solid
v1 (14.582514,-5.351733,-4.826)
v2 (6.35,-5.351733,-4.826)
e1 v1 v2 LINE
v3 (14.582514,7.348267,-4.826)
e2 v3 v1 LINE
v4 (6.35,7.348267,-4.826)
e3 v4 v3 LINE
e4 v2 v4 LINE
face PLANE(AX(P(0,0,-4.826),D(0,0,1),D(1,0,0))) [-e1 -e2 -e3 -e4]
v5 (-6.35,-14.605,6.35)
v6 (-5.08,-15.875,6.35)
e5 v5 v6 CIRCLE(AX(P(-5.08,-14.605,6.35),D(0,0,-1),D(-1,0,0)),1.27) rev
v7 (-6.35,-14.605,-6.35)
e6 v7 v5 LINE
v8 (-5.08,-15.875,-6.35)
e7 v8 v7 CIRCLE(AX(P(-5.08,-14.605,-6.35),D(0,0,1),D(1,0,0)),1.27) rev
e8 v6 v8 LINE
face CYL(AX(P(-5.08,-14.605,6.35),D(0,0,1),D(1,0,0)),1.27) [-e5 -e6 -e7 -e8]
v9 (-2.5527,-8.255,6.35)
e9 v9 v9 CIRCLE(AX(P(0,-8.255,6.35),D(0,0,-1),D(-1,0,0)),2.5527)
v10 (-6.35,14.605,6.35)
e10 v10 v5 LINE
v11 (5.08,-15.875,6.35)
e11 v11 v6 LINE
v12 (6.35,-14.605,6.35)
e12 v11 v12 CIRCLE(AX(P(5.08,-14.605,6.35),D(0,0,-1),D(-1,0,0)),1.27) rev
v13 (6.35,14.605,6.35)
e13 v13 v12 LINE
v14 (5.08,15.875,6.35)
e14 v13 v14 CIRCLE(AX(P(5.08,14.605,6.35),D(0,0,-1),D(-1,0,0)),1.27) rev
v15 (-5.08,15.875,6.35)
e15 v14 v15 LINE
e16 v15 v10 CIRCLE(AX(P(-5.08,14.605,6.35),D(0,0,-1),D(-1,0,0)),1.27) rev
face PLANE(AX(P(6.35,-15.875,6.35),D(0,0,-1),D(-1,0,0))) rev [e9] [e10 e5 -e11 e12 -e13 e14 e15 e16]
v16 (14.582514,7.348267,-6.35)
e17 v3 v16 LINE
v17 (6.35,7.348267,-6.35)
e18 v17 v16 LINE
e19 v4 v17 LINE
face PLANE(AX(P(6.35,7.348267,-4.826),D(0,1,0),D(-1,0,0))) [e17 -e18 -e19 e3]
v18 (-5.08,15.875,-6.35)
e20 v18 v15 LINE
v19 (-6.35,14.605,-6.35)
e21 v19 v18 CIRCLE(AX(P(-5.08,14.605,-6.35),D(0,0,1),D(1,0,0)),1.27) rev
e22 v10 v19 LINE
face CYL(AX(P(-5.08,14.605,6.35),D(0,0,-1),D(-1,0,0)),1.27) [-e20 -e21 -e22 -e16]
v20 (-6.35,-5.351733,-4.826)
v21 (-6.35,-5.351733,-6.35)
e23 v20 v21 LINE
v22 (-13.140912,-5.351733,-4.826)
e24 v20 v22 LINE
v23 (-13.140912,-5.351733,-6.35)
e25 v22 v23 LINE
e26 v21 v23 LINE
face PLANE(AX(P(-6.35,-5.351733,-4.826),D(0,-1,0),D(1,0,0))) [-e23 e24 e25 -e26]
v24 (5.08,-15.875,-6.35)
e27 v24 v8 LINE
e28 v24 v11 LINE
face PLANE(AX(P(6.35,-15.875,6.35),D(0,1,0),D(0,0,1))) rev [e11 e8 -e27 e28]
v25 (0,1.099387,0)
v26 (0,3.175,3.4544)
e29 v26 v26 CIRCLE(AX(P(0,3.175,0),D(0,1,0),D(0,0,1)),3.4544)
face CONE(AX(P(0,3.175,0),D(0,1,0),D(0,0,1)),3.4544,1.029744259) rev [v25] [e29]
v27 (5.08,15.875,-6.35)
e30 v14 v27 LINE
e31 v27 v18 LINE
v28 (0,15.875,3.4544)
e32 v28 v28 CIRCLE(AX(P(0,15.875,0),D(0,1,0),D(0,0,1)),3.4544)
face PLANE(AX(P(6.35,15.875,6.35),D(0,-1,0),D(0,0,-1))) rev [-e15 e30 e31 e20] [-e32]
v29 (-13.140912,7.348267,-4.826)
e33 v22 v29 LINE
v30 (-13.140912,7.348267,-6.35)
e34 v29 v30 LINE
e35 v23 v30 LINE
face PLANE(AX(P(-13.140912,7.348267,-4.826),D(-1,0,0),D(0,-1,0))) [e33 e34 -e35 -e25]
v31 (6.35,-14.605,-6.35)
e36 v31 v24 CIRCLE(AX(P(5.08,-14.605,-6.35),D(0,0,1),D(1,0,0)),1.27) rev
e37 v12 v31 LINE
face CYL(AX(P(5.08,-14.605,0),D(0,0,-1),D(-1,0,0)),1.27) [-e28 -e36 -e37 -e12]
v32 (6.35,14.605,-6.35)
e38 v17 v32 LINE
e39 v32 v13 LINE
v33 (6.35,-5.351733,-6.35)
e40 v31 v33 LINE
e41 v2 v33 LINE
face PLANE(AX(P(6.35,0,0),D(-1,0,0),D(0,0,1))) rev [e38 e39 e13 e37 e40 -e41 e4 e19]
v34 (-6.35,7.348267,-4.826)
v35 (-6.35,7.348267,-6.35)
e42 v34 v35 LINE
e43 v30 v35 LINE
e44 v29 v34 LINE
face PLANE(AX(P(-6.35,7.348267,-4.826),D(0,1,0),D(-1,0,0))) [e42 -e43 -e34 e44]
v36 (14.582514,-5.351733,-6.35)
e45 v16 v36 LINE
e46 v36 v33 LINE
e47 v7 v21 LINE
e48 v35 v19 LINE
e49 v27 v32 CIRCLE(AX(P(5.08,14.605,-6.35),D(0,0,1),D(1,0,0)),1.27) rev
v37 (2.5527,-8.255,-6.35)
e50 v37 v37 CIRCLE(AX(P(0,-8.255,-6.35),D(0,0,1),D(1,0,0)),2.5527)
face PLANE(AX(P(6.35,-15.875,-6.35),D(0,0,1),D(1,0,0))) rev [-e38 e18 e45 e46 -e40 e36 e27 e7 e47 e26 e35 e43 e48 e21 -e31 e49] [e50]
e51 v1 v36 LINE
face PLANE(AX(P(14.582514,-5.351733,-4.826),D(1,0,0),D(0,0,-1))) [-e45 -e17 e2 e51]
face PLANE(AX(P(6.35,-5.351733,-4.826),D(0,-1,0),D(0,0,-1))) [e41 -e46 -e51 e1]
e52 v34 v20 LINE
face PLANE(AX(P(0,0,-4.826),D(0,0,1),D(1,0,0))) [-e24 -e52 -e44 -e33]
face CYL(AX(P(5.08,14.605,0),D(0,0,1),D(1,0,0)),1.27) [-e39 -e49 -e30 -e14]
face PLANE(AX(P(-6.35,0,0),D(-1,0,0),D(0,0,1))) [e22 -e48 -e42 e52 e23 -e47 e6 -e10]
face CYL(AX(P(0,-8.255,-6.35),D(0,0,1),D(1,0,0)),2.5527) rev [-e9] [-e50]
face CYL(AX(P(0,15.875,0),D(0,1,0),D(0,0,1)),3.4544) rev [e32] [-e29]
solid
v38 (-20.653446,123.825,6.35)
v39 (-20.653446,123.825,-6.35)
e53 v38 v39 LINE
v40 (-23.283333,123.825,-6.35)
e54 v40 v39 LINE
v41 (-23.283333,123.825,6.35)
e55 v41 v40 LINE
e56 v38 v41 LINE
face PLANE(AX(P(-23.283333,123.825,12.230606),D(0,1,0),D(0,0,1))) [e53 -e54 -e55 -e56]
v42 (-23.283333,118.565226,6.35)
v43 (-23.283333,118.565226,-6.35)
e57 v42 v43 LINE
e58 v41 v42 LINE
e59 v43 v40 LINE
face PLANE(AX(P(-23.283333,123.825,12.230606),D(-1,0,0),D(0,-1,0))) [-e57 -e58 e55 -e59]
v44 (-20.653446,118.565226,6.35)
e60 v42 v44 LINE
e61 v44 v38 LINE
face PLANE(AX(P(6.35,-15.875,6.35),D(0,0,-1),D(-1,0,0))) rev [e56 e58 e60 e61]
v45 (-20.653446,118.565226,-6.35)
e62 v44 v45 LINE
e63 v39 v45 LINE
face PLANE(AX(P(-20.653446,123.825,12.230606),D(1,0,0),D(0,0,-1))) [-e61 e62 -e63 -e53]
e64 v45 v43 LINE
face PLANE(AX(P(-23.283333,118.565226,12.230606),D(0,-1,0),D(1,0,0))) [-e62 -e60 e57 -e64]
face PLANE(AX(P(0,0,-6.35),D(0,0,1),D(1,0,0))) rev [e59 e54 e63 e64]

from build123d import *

# Parameters (mm, degrees)
SKETCH1_W                    = 12.7
SKETCH1_H                    = 31.75
BOSS_EXTRUDE1_DEPTH          = 6.35
F_5_16_24_TAPPED_HOLE1_D     = 6.9088
F_5_16_24_TAPPED_HOLE1_DEPTH = 12.7
F_5_16_24_TAPPED_HOLE1_TIP   = 2.075612922
CUT_EXTRUDE1_DEPTH           = 22.298547486
CUT_EXTRUDE1_DEPTH_BACK      = 22.298547486
SKETCH8_R                    = 2.5527
SKETCH13_W                   = 2.629886975
SKETCH13_H                   = 5.259773951
BOSS_EXTRUDE2_DEPTH          = 12.7
SKETCH14_W                   = 6.790912291
SKETCH14_H                   = 12.7
SKETCH14_W_2                 = 8.232513551
BOSS_EXTRUDE3_DEPTH          = 1.524
FILLET1_R                    = 1.27


with BuildPart() as part:
    # Sketch1 → Boss-Extrude1 (new, symmetric)
    with BuildSketch(Plane(origin=(0, 0, 0), x_dir=(0, 0, -1), z_dir=(1, 0, 0))):
        Rectangle(SKETCH1_W, SKETCH1_H)
    extrude(amount=BOSS_EXTRUDE1_DEPTH, both=True)

    # 5/16-24 Tapped Hole1
    with Locations(Plane(origin=(0, 15.875, 0), x_dir=(1, 0, 0), z_dir=(0, 1, 0))):
        with Locations((0, 0)):
            Hole(F_5_16_24_TAPPED_HOLE1_D / 2, depth=F_5_16_24_TAPPED_HOLE1_DEPTH)
            with Locations((0, 0, -(F_5_16_24_TAPPED_HOLE1_DEPTH + F_5_16_24_TAPPED_HOLE1_TIP / 2))):  # 118° drill point
                Cone(0, F_5_16_24_TAPPED_HOLE1_D / 2, F_5_16_24_TAPPED_HOLE1_TIP, mode=Mode.SUBTRACT)

    # Sketch8 → Cut-Extrude1 (cut, two sides: drawn at the far end of the back side and taken through both)
    with BuildSketch(Plane.XY.offset(6.35).offset(-CUT_EXTRUDE1_DEPTH_BACK)):
        with Locations((0, -8.255)):
            Circle(SKETCH8_R)
    extrude(amount=CUT_EXTRUDE1_DEPTH + CUT_EXTRUDE1_DEPTH_BACK, mode=Mode.SUBTRACT)

    # Sketch14 → Boss-Extrude3 (add)
    with BuildSketch(Plane(origin=(0, 0, -6.35), x_dir=(-1, 0, 0), z_dir=(0, 0, -1))):
        with Locations((9.745456146, 0.998266939)):
            Rectangle(SKETCH14_W, SKETCH14_H)
        with Locations((-10.466256776, 0.998266939)):
            Rectangle(SKETCH14_W_2, SKETCH14_H)
    extrude(amount=-BOSS_EXTRUDE3_DEPTH)

    # Fillet1
    fillet1_edges = [part.edges().sort_by_distance(p)[0] for p in [
        (6.35, -15.875, 0),
        (-6.35, -15.875, 0),
        (-6.35, 15.875, 0),
        (6.35, 15.875, 0),
    ]]
    fillet(fillet1_edges, radius=FILLET1_R)


with BuildPart() as body_2:
    # Sketch13 → Boss-Extrude2 (new body)
    with BuildSketch(Plane(origin=(0, 0, -6.35), x_dir=(-1, 0, 0), z_dir=(0, 0, -1))):
        with Locations((21.968389845, 121.195113025)):
            Rectangle(SKETCH13_W, SKETCH13_H)
    extrude(amount=-BOSS_EXTRUDE2_DEPTH)


solid = Compound([part.part, body_2.part])
